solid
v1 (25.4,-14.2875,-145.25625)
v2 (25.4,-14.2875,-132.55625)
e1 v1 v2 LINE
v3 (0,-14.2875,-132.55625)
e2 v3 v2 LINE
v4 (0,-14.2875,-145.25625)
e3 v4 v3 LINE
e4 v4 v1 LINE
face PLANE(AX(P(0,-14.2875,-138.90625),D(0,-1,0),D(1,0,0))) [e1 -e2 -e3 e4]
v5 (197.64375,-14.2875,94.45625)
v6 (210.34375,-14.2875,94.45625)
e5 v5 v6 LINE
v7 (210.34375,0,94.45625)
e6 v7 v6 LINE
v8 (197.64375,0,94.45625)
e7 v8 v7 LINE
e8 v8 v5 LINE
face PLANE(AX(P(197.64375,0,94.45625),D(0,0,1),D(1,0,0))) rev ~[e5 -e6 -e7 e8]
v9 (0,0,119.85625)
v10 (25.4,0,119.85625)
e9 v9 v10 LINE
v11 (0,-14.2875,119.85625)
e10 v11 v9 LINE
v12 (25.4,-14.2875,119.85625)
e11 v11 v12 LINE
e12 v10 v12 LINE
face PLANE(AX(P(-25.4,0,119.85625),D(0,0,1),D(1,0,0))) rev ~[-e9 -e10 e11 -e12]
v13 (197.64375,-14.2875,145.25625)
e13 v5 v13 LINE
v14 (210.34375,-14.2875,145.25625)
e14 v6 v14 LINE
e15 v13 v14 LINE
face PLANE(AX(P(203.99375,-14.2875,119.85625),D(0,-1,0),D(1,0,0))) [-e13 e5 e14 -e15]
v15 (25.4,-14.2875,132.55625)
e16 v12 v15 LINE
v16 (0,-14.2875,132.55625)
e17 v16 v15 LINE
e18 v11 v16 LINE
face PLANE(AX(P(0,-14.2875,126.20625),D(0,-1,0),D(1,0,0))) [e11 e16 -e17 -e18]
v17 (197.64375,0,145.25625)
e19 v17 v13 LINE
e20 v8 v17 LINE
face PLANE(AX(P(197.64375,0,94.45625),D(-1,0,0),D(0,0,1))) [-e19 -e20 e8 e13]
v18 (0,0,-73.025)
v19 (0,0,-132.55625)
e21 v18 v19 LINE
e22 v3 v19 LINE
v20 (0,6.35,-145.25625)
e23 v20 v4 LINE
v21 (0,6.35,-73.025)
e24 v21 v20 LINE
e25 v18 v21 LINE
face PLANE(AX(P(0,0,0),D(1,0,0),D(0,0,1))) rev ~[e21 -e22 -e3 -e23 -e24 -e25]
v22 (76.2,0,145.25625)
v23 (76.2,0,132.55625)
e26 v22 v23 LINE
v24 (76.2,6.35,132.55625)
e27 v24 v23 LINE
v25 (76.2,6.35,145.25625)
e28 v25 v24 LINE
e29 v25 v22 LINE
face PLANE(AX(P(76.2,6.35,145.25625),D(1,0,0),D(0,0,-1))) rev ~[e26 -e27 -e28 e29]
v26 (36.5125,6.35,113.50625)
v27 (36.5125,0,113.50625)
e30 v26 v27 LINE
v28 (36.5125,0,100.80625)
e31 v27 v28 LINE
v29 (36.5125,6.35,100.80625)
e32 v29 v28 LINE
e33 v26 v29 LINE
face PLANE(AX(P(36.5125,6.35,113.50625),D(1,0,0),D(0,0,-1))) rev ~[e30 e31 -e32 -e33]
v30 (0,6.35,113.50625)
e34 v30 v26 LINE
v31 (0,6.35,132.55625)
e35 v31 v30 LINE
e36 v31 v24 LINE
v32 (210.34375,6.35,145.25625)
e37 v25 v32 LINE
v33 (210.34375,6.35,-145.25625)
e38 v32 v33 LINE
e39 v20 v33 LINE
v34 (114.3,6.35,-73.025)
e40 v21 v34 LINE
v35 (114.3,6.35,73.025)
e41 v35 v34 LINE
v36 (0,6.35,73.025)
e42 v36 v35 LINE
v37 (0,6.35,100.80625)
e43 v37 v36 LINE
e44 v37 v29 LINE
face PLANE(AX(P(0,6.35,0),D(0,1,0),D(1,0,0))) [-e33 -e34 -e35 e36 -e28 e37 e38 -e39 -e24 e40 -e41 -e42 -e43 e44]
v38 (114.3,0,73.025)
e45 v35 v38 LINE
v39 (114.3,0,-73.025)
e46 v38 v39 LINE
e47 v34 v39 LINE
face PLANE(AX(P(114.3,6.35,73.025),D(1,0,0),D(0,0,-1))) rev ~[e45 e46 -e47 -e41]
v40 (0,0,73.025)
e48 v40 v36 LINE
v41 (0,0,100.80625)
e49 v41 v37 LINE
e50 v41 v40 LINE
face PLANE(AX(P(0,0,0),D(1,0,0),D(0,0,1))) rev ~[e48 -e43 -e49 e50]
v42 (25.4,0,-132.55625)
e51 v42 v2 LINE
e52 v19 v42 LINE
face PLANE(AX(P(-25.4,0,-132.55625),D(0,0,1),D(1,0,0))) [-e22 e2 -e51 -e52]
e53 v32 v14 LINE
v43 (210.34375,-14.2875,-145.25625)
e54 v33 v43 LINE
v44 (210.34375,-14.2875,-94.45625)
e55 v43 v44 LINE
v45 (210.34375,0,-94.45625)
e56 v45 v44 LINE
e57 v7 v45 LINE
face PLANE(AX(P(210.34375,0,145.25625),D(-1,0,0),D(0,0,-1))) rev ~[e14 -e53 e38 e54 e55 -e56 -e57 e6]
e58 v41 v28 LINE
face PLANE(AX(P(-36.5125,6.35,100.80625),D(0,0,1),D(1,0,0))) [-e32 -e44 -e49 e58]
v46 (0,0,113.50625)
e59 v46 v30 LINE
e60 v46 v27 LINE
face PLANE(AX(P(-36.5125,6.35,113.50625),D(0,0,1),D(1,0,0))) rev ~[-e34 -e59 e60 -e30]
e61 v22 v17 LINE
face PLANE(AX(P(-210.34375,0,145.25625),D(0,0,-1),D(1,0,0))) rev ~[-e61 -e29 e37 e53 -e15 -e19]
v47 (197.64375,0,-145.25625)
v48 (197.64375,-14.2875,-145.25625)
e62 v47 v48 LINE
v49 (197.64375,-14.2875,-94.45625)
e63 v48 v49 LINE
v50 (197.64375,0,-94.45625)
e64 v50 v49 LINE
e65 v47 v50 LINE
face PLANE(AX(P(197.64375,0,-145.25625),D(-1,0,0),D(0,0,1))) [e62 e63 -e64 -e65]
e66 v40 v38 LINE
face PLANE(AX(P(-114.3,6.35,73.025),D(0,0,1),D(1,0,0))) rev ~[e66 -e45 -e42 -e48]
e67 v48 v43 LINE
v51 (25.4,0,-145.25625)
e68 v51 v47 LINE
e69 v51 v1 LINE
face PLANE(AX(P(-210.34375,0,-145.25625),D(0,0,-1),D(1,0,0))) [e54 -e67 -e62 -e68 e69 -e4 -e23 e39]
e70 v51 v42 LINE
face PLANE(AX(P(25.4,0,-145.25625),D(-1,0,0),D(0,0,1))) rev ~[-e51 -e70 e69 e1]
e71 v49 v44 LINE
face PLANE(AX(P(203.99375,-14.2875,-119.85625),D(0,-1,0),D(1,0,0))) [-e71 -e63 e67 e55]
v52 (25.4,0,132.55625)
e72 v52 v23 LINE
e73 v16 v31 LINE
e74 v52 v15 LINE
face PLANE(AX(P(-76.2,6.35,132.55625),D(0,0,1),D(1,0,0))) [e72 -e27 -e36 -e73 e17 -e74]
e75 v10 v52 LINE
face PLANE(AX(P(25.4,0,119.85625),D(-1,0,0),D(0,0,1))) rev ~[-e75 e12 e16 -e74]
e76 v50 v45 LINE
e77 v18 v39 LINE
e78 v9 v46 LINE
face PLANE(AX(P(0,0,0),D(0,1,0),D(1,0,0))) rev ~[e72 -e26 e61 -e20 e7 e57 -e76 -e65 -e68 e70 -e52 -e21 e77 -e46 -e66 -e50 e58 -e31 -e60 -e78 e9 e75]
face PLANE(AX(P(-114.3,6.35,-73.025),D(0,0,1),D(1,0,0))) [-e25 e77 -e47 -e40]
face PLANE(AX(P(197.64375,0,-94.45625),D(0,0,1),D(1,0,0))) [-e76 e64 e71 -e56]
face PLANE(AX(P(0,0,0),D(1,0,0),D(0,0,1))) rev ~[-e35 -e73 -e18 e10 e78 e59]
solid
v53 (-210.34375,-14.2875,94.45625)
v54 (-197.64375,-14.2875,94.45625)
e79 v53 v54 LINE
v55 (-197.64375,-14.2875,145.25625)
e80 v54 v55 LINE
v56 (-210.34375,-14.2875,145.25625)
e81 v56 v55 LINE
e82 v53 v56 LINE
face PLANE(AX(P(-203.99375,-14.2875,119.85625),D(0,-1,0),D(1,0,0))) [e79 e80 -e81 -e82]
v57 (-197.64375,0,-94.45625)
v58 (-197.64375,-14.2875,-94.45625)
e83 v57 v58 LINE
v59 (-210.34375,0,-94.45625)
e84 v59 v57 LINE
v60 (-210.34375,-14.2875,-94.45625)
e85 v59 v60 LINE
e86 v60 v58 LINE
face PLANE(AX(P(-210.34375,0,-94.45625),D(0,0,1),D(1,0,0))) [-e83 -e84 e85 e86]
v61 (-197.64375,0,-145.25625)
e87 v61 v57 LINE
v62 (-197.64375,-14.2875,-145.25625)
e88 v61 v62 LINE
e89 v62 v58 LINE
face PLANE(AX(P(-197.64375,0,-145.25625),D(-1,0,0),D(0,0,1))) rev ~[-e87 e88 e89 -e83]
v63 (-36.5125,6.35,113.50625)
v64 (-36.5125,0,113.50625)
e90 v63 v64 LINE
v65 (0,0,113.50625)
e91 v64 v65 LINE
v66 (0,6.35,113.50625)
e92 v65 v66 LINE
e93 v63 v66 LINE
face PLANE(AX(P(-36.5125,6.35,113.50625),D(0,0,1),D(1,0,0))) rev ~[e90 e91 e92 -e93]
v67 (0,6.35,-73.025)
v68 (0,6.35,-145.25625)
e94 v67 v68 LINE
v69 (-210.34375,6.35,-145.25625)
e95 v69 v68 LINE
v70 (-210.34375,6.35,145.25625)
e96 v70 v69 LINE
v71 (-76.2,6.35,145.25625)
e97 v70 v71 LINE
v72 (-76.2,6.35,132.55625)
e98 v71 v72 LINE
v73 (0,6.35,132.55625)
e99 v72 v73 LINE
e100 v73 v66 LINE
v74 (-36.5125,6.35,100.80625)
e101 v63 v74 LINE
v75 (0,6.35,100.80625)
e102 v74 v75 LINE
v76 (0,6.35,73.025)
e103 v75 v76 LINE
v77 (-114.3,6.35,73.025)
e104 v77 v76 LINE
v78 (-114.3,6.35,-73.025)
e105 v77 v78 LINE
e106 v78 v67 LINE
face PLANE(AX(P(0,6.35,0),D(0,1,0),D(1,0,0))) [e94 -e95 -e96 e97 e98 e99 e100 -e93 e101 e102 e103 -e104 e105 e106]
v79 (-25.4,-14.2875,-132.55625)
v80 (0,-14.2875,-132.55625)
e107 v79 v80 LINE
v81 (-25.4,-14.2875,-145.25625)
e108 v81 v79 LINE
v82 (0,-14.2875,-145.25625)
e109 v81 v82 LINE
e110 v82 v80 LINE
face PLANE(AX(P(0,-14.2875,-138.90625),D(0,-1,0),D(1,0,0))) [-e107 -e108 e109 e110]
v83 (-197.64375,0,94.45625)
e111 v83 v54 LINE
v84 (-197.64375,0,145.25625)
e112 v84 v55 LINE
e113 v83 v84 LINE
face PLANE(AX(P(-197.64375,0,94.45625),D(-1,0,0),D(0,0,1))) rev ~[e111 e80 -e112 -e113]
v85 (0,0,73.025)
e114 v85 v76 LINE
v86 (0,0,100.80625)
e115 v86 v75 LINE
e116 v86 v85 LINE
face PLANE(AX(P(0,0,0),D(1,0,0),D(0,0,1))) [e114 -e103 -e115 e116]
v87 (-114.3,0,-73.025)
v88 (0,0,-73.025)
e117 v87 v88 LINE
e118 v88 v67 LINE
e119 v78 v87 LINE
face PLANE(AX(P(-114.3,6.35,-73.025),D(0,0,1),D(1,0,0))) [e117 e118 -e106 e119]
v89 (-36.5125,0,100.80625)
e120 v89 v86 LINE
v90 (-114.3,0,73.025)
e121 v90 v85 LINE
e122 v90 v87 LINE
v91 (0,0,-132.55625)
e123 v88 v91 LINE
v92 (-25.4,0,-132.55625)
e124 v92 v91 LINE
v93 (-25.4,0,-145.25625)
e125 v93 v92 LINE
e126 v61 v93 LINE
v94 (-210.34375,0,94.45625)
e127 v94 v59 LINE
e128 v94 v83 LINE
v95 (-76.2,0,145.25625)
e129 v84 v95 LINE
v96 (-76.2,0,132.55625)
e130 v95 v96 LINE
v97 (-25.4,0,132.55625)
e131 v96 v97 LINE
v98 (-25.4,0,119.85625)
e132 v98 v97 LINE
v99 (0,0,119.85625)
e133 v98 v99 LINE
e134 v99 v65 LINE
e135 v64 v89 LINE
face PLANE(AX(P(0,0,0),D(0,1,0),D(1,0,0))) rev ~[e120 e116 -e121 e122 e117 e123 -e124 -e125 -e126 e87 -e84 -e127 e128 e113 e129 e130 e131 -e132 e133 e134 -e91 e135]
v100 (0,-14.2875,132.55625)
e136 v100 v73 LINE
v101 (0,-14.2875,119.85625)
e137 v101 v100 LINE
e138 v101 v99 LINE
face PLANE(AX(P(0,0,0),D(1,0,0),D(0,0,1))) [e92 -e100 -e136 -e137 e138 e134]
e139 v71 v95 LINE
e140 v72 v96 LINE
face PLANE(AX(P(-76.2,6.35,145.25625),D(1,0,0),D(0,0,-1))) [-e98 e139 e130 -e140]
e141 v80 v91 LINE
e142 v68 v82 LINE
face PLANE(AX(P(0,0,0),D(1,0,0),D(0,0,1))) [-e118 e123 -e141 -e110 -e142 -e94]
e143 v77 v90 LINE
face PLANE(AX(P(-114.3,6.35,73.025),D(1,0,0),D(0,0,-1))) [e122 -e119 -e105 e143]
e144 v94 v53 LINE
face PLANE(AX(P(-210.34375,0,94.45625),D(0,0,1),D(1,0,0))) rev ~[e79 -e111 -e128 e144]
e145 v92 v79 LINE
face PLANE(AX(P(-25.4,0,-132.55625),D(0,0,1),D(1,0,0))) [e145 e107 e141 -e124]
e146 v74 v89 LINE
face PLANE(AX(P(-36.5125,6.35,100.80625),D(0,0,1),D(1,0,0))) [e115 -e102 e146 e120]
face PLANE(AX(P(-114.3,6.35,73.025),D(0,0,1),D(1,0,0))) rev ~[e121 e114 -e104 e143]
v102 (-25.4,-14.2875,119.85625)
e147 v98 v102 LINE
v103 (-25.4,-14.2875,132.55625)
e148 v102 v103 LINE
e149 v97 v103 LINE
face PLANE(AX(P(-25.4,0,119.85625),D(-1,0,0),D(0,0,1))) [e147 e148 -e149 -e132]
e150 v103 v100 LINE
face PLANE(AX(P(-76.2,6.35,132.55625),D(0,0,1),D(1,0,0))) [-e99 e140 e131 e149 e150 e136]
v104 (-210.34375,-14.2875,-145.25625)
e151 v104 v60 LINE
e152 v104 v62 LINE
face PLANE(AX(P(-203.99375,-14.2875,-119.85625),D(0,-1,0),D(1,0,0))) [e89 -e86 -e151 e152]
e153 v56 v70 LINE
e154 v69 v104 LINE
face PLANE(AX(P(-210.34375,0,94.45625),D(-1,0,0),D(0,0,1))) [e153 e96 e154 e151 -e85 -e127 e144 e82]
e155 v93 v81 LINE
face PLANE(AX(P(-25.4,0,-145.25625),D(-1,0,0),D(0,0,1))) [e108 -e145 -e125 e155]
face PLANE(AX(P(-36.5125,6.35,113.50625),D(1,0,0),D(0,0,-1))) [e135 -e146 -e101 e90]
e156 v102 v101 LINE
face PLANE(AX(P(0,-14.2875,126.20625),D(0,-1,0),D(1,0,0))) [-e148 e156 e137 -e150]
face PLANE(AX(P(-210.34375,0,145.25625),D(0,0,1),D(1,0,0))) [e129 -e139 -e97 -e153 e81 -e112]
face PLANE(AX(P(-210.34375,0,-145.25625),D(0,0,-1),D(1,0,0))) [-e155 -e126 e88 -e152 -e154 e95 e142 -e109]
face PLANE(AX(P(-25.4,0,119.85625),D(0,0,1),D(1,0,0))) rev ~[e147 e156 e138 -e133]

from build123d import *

# Parameters (mm, degrees)
SKETCH1_W           = 420.6875
SKETCH1_H           = 290.5125
BOSS_EXTRUDE1_DEPTH = 6.35
SKETCH2_W           = 228.6
SKETCH2_H           = 146.05
SKETCH2_W_2         = 73.025
SKETCH2_H_2         = 12.7
SKETCH2_W_3         = 152.4
CUT_EXTRUDE1_DEPTH  = 7.35
SKETCH4_W           = 12.7
SKETCH4_H           = 50.8
SKETCH4_W_2         = 50.8
SKETCH4_H_2         = 12.7
BOSS_EXTRUDE2_DEPTH = 14.2875


with BuildPart() as part:
    # Sketch1 → Boss-Extrude1 (new body)
    with BuildSketch(Plane(origin=(0, 0, 0), x_dir=(1, 0, 0), z_dir=(0, 1, 0))):
        Rectangle(SKETCH1_W, SKETCH1_H)
    extrude(amount=BOSS_EXTRUDE1_DEPTH)

    # Sketch2 → Cut-Extrude1 (cut, through all)
    with BuildSketch(Plane(origin=(0, 6.35, 0), x_dir=(1, 0, 0), z_dir=(0, 1, 0))):
        Rectangle(SKETCH2_W, SKETCH2_H)
        with Locations((0, -107.15625)):
            Rectangle(SKETCH2_W_2, SKETCH2_H_2)
        with Locations((0, -138.90625)):
            Rectangle(SKETCH2_W_3, SKETCH2_H_2)
    extrude(amount=-CUT_EXTRUDE1_DEPTH, mode=Mode.SUBTRACT)

    # Sketch4 → Boss-Extrude2 (add)
    with BuildSketch(Plane.XZ):
        with Locations((-203.99375, 119.85625)):
            Rectangle(SKETCH4_W, SKETCH4_H)
        with Locations((203.99375, 119.85625)):
            Rectangle(SKETCH4_W, SKETCH4_H)
        with Locations((-203.99375, -119.85625)):
            Rectangle(SKETCH4_W, SKETCH4_H)
        with Locations((203.99375, -119.85625)):
            Rectangle(SKETCH4_W, SKETCH4_H)
        with Locations((0, 126.20625)):
            Rectangle(SKETCH4_W_2, SKETCH4_H_2)
        with Locations((0, -138.90625)):
            Rectangle(SKETCH4_W_2, SKETCH4_H_2)
    extrude(amount=BOSS_EXTRUDE2_DEPTH)


with BuildPart() as body_2:
    # Split1: the piece on the far side of the plane
    add(part.part)
    split(bisect_by=Plane(origin=(0, 0, 0), x_dir=(0, 0, 1), z_dir=(1, 0, 0)), keep=Keep.BOTTOM)


with BuildPart() as part_1:
    add(part.part)

    # Split1
    split(bisect_by=Plane(origin=(0, 0, 0), x_dir=(0, 0, 1), z_dir=(1, 0, 0)), keep=Keep.TOP)


solid = Compound([body_2.part, part_1.part])
